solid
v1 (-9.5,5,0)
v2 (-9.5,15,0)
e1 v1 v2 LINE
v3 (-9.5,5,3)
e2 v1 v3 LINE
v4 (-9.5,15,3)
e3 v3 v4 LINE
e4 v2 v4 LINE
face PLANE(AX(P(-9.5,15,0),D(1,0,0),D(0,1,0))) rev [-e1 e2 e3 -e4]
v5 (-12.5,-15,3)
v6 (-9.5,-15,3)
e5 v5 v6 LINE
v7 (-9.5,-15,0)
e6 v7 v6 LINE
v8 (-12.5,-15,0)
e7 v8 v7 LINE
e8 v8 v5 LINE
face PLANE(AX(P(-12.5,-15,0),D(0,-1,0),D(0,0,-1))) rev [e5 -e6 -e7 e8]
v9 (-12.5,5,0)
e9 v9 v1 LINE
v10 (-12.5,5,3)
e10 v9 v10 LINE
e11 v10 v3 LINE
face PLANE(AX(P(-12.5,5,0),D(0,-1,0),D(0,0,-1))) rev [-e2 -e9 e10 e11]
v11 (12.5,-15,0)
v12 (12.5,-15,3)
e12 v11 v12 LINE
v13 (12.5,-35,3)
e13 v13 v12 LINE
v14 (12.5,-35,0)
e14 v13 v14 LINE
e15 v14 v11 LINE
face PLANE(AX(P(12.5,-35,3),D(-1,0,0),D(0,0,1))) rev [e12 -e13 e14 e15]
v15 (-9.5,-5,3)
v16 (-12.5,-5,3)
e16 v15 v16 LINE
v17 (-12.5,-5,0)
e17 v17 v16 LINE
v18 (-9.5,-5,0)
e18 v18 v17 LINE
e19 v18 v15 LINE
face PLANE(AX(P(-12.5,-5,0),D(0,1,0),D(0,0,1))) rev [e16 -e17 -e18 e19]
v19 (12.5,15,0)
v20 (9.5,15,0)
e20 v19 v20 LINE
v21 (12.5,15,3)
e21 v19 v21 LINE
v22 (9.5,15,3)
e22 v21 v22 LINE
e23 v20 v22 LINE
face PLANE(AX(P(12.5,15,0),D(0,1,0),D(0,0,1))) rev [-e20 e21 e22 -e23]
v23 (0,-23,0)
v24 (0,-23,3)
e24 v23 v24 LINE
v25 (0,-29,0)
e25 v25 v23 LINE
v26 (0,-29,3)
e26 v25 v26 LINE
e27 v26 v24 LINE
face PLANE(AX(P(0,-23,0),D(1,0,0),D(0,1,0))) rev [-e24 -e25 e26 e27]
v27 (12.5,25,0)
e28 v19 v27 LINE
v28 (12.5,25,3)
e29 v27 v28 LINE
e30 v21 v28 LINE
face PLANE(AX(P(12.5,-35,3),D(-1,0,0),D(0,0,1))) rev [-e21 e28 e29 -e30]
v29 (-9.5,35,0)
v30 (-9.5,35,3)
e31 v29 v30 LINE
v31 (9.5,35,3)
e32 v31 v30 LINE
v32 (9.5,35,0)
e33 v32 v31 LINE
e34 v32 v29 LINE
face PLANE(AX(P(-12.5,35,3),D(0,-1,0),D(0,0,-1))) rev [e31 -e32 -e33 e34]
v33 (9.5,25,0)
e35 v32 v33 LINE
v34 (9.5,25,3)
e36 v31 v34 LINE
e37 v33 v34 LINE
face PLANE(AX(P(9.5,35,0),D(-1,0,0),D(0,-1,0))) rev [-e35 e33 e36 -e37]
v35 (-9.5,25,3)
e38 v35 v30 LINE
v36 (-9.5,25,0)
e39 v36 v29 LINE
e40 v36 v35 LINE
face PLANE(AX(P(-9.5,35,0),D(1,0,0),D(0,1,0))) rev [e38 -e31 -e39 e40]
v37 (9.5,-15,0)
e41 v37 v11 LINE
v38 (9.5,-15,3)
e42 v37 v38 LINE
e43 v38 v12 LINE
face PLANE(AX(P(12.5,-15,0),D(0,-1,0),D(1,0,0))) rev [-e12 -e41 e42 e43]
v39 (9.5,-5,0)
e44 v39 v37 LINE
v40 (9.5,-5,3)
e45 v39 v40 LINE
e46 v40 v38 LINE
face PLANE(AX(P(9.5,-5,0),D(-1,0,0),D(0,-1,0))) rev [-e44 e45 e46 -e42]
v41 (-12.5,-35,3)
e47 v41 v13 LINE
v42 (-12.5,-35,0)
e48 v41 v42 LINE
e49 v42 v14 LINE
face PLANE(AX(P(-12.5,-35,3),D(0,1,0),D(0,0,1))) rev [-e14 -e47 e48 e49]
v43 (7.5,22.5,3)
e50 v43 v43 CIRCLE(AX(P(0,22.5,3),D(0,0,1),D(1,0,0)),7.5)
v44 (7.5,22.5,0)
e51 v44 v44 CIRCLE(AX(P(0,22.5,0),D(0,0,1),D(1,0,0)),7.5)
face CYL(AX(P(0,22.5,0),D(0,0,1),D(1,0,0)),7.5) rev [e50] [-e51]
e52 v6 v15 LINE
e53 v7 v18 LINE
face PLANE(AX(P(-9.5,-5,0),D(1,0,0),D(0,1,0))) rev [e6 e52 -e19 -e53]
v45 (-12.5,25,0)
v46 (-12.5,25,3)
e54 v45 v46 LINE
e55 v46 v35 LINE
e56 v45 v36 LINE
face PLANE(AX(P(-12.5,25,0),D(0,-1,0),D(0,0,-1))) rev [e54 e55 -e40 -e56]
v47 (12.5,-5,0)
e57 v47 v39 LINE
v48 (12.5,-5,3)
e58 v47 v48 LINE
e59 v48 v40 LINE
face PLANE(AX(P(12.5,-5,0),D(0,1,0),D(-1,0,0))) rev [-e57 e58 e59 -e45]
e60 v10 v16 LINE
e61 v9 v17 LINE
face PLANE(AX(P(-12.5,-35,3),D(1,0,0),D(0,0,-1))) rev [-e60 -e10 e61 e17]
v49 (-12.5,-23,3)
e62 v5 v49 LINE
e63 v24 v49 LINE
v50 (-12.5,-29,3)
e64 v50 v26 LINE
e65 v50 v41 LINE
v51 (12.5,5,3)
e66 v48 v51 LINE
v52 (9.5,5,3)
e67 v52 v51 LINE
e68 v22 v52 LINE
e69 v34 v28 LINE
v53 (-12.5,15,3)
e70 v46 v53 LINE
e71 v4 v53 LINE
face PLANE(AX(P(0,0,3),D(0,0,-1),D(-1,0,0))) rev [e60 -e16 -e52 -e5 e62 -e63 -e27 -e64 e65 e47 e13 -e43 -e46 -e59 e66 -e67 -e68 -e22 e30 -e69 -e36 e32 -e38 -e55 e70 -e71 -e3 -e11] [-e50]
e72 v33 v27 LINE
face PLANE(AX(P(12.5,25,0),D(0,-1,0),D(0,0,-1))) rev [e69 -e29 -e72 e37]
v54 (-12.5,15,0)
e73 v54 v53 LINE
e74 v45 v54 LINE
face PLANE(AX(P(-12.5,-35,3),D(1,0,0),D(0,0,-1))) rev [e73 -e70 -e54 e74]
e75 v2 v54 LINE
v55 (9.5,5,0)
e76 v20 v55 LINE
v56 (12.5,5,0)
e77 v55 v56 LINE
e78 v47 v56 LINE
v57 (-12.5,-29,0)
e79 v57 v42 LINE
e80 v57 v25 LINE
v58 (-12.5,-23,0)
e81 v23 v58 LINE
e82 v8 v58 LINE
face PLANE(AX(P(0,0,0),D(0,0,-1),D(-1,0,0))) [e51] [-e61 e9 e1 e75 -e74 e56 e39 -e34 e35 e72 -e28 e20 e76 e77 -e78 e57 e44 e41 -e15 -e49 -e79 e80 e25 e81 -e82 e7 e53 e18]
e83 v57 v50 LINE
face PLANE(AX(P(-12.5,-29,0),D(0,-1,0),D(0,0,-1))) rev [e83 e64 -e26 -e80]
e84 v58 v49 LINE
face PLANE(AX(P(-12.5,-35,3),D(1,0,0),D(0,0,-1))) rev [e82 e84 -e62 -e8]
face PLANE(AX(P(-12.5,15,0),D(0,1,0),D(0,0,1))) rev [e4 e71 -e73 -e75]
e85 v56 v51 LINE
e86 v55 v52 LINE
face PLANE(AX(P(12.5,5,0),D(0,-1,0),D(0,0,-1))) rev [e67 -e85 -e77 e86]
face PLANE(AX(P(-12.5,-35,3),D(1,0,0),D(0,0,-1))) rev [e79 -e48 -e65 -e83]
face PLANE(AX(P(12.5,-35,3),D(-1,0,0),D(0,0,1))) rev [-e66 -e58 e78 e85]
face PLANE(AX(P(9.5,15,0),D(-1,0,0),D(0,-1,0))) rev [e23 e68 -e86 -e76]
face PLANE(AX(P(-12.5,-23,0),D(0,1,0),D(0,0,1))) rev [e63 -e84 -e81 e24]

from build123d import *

# Parameters (mm, degrees)
SKETCH1_W           = 25
SKETCH1_H           = 70
BOSS_EXTRUDE1_DEPTH = 3
SKETCH2_R           = 7.5
SKETCH2_W           = 3
SKETCH2_H           = 10
SKETCH2_W_2         = 12.5
SKETCH2_H_2         = 6
CUT_EXTRUDE1_DEPTH  = 3


with BuildPart() as part:
    # Sketch1 → Boss-Extrude1 (new body)
    with BuildSketch(Plane.XY):
        Rectangle(SKETCH1_W, SKETCH1_H)
    extrude(amount=BOSS_EXTRUDE1_DEPTH)

    # Sketch2 → Cut-Extrude1 (cut)
    with BuildSketch(Plane.XY.offset(3)):
        with Locations((0, 22.5)):
            Circle(SKETCH2_R)
        with Locations((-11, -10)):
            Rectangle(SKETCH2_W, SKETCH2_H)
        with Locations((11, 30)):
            Rectangle(SKETCH2_W, SKETCH2_H)
        with Locations((11, 10)):
            Rectangle(SKETCH2_W, SKETCH2_H)
        with Locations((11, -10)):
            Rectangle(SKETCH2_W, SKETCH2_H)
        with Locations((-11, 10)):
            Rectangle(SKETCH2_W, SKETCH2_H)
        with Locations((-11, 30)):
            Rectangle(SKETCH2_W, SKETCH2_H)
        with Locations((-6.25, -26)):
            Rectangle(SKETCH2_W_2, SKETCH2_H_2)
    extrude(amount=-CUT_EXTRUDE1_DEPTH, mode=Mode.SUBTRACT)


solid = part.part
